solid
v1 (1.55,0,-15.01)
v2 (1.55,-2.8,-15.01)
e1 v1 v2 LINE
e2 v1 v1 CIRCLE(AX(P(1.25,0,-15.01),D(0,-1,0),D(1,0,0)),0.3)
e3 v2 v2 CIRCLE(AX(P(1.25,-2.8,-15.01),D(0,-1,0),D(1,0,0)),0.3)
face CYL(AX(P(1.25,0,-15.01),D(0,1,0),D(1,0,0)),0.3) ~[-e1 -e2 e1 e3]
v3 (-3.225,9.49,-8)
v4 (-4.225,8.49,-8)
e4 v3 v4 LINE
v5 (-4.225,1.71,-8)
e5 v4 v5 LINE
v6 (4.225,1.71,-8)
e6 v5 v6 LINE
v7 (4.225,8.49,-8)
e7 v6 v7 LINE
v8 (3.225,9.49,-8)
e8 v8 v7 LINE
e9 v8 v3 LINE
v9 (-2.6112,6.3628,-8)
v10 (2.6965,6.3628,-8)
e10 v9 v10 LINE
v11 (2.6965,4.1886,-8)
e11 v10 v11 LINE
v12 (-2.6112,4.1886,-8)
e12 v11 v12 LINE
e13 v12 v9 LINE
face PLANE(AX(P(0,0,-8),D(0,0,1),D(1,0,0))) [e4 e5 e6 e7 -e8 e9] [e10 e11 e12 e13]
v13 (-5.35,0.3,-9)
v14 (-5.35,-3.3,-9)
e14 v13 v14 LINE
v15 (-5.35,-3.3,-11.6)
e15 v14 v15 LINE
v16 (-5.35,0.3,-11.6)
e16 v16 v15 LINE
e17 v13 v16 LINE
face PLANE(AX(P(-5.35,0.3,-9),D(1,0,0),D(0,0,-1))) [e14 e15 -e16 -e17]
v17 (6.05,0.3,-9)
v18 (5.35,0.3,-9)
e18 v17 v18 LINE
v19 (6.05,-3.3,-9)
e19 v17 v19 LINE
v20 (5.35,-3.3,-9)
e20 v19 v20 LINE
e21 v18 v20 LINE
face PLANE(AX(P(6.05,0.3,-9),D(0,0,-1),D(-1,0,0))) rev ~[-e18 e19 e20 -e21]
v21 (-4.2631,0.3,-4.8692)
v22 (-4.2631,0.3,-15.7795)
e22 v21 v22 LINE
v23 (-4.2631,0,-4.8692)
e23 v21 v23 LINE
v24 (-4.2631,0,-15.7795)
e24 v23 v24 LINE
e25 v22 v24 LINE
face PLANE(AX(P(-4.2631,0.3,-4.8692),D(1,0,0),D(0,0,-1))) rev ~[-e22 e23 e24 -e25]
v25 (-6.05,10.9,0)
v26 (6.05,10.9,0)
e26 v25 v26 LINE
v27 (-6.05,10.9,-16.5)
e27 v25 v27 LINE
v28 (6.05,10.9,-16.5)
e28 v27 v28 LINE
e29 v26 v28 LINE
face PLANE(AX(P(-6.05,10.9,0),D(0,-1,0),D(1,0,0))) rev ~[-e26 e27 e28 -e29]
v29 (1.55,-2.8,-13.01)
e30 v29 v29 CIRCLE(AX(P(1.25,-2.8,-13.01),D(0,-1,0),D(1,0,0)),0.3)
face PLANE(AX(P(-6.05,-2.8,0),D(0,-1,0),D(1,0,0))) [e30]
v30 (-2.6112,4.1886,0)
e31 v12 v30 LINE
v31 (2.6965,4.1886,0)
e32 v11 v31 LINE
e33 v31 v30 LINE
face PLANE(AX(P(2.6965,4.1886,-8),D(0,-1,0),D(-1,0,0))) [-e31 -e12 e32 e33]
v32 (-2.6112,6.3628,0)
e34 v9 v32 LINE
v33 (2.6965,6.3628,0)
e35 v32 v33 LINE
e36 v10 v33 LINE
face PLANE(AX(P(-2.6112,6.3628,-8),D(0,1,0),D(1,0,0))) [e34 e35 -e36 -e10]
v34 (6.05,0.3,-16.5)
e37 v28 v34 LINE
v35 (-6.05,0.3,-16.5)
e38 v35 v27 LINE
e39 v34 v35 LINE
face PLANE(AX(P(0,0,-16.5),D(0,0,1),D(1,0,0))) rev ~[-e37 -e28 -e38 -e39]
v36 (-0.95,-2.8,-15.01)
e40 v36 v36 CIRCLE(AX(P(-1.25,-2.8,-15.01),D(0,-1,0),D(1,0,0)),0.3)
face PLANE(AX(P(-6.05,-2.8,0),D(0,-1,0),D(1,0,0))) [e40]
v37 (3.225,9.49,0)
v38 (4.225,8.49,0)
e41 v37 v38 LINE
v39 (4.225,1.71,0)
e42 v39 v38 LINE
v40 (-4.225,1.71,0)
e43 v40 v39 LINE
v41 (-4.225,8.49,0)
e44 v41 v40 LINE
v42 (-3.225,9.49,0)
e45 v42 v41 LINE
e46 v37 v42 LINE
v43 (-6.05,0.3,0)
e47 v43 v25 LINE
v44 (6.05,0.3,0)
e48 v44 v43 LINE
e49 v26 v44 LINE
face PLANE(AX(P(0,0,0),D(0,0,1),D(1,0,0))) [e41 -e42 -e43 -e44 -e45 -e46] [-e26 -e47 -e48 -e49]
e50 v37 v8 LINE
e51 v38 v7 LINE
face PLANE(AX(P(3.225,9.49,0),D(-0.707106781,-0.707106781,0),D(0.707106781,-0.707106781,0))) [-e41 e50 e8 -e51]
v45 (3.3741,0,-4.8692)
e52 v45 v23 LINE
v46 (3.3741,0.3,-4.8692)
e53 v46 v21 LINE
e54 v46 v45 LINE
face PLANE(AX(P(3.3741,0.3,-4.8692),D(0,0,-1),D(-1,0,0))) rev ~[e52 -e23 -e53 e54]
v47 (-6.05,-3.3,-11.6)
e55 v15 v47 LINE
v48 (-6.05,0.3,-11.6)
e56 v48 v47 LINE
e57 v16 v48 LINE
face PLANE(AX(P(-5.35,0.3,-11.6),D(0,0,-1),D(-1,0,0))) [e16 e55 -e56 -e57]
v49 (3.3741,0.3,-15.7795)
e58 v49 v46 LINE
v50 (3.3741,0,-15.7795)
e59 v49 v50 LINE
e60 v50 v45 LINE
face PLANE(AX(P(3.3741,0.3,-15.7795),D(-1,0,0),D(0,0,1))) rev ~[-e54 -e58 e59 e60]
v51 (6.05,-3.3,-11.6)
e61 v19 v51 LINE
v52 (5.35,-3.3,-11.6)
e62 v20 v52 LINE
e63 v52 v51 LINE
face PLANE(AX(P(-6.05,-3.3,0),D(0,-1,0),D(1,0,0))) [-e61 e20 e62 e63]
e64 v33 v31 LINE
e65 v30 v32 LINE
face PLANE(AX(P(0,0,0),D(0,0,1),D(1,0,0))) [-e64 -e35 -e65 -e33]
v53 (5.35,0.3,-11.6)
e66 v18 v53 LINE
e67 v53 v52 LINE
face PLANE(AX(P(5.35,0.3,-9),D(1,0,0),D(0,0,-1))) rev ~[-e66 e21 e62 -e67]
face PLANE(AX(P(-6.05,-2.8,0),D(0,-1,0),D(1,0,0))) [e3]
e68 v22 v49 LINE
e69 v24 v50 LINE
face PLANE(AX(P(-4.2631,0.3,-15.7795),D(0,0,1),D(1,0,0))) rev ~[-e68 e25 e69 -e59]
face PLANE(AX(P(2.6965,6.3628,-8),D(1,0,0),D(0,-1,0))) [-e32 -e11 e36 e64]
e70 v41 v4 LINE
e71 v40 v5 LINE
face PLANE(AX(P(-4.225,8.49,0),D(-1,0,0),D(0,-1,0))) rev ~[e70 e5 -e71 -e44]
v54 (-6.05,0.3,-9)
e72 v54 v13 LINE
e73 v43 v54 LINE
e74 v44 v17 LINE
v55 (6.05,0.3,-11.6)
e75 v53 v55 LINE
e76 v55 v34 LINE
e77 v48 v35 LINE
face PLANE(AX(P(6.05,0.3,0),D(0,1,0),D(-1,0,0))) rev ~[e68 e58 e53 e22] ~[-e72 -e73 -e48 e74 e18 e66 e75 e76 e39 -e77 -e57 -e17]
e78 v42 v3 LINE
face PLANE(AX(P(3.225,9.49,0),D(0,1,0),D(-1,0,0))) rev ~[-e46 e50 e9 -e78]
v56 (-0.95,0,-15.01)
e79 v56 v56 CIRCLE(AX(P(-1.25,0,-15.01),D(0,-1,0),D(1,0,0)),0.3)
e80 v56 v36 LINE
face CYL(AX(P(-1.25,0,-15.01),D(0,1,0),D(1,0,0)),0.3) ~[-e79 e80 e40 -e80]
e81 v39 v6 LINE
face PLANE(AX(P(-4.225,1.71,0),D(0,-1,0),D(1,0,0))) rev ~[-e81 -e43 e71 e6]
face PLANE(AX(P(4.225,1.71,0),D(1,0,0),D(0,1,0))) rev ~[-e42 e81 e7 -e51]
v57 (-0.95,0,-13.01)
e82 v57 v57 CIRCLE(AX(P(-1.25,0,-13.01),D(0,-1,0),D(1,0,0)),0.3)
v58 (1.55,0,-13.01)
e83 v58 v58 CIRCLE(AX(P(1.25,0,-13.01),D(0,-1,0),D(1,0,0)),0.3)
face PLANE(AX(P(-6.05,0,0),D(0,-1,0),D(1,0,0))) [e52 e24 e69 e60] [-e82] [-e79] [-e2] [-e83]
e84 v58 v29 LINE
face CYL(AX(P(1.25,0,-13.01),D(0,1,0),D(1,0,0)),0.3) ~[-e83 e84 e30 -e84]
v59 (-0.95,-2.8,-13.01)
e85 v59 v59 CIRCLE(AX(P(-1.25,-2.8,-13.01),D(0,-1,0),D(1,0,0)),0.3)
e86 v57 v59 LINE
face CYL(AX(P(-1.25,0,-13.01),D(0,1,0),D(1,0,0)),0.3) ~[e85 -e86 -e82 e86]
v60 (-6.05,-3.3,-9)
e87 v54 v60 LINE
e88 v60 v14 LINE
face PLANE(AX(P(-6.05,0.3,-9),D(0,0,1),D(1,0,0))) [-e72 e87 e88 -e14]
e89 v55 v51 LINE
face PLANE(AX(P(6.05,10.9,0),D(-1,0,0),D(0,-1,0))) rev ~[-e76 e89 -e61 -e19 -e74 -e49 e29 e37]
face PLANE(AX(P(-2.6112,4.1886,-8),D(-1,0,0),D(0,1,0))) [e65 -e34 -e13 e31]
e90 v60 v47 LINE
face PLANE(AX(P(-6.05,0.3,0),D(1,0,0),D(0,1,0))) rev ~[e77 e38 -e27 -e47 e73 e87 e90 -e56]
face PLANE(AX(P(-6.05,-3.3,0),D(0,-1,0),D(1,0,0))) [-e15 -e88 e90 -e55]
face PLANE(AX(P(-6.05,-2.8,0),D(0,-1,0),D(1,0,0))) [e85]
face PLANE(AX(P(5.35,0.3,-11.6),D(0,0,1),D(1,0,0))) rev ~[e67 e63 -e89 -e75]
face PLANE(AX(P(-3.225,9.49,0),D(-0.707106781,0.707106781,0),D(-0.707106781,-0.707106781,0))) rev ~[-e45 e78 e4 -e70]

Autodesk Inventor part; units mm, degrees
ref_plane "YZ Plane" through (0, 0, 0) normal (1, 0, 0) x (0, 1, 0)
ref_plane "XZ Plane" through (0, 0, 0) normal (0, 1, 0) x (-1, 0, 0)
ref_plane "XY Plane" through (0, 0, 0) normal (0, 0, 1) x (1, 0, 0)
sketch "Sketch1" plane through (0, 0, 0) normal (0, 0, 1) x (1, 0, 0)
  line L0 (-6.05, 10.9) -> (6.05, 10.9)
  line L1 (6.05, 10.9) -> (6.05, 0.3)
  line L2 (6.05, 0.3) -> (-6.05, 0.3)
  line L3 (-6.05, 0.3) -> (-6.05, 10.9)
  point P0 (0, 0)
  dimension "d0" = 10.6
  dimension "d1" = 0.3
  dimension "d2" = 12.1
  dimension "d3" = 6.05
extrude "Extrusion1" add sketch "Sketch1" against normal blind 16.5
sketch "Sketch2" plane through (-6.05, 0.3, 0) normal (0, -1, 0) x (1, 0, 0)
  line L0 (9.4241, -4.8692) -> (1.7869, -4.8692)
  line L1 (1.7869, -4.8692) -> (1.7869, -15.7795)
  line L2 (1.7869, -15.7795) -> (9.4241, -15.7795)
  line L3 (9.4241, -15.7795) -> (9.4241, -4.8692)
  point P0 (6.05, 0)
extrude "Extrusion2" add sketch "Sketch2" along normal blind 0.3
sketch "Sketch3" plane through (-6.05, 0, 0) normal (0, -1, 0) x (1, 0, 0)
  circle A0 centre (4.8, -15.01) radius 0.3
  circle A1 centre (7.3, -15.01) radius 0.3
  circle A2 centre (4.8, -13.01) radius 0.3
  circle A3 centre (7.3, -13.01) radius 0.3
  line L0 (12.1, 0) -> (0, 0) projected
  point P0 (6.05, 0)
  dimension "d8" = 1.25
  dimension "d9" = 1.25
  dimension "d10" = 0
  dimension "d11" = 0
  dimension "d12" = 2
  dimension "d13" = 0
  dimension "d14" = 0
  dimension "d15" = 13.01
  dimension "d16" = 0.6
  dimension "d17" = 0.6
  dimension "d18" = 0.6
  dimension "d19" = 0.6
extrude "Extrusion3" add sketch "Sketch3" along normal blind 2.8
sketch "Sketch4" plane through (-6.05, 0.3, 0) normal (0, -1, 0) x (1, 0, 0)
  line L0 (12.1, 0) -> (12.1, -16.5) projected
  line L1 (12.1, -9) -> (11.4, -9)
  line L2 (11.4, -9) -> (11.4, -11.6)
  line L3 (11.4, -11.6) -> (12.1, -11.6)
  line L4 (12.1, -11.6) -> (12.1, -9)
  line L5 (0, 0) -> (0, -16.5) projected
  line L6 (0, -9) -> (0.7, -9)
  line L7 (0.7, -9) -> (0.7, -11.6)
  line L8 (0.7, -11.6) -> (0, -11.6)
  line L9 (0, -11.6) -> (0, -9)
  line L10 (12.1, 0) -> (0, 0) projected
  point P0 (6.05, 0)
  dimension "d22" = 2.6
  dimension "d23" = 2.6
  dimension "d24" = 9
  dimension "d25" = 0
  dimension "d26" = 0.7
  dimension "d27" = 0.7
extrude "Extrusion4" add sketch "Sketch4" along normal blind 3.6
sketch "Sketch5" plane through (0, 0, 0) normal (0, 0, 1) x (1, 0, 0)
  line L0 (-4.225, 1.71) -> (4.225, 1.71)
  line L1 (4.225, 1.71) -> (4.225, 9.49)
  line L2 (4.225, 9.49) -> (-4.225, 9.49)
  line L3 (-4.225, 9.49) -> (-4.225, 1.71)
  line L4 (6.05, 0.3) -> (-6.05, 0.3) projected
  line L5 (-3.225, 9.49) -> (-4.225, 8.49)
  line L6 (3.225, 9.49) -> (4.225, 8.49)
  point P0 (0, 0)
  dimension "d30" = 7.78
  dimension "d31" = 8.45
  dimension "d32" = 4.225
  dimension "d33" = 1.41
  dimension "d34" = 45
  dimension "d35" = 45
  dimension "d36" = 1
  dimension "d37" = 1
extrude "Extrusion5" cut sketch "Sketch5" against normal blind 8 contours L3 L5 L2 L6 L1 L0
sketch "Sketch6" plane through (0, 0, -8) normal (0, 0, 1) x (1, 0, 0)
  line L0 (-2.6112, 6.3628) -> (2.6965, 6.3628)
  line L1 (2.6965, 6.3628) -> (2.6965, 4.1886)
  line L2 (2.6965, 4.1886) -> (-2.6112, 4.1886)
  line L3 (-2.6112, 4.1886) -> (-2.6112, 6.3628)
  point P0 (0, 0)
extrude "Extrusion6" add sketch "Sketch6" along normal blind 8
properties part number "USB-B"
